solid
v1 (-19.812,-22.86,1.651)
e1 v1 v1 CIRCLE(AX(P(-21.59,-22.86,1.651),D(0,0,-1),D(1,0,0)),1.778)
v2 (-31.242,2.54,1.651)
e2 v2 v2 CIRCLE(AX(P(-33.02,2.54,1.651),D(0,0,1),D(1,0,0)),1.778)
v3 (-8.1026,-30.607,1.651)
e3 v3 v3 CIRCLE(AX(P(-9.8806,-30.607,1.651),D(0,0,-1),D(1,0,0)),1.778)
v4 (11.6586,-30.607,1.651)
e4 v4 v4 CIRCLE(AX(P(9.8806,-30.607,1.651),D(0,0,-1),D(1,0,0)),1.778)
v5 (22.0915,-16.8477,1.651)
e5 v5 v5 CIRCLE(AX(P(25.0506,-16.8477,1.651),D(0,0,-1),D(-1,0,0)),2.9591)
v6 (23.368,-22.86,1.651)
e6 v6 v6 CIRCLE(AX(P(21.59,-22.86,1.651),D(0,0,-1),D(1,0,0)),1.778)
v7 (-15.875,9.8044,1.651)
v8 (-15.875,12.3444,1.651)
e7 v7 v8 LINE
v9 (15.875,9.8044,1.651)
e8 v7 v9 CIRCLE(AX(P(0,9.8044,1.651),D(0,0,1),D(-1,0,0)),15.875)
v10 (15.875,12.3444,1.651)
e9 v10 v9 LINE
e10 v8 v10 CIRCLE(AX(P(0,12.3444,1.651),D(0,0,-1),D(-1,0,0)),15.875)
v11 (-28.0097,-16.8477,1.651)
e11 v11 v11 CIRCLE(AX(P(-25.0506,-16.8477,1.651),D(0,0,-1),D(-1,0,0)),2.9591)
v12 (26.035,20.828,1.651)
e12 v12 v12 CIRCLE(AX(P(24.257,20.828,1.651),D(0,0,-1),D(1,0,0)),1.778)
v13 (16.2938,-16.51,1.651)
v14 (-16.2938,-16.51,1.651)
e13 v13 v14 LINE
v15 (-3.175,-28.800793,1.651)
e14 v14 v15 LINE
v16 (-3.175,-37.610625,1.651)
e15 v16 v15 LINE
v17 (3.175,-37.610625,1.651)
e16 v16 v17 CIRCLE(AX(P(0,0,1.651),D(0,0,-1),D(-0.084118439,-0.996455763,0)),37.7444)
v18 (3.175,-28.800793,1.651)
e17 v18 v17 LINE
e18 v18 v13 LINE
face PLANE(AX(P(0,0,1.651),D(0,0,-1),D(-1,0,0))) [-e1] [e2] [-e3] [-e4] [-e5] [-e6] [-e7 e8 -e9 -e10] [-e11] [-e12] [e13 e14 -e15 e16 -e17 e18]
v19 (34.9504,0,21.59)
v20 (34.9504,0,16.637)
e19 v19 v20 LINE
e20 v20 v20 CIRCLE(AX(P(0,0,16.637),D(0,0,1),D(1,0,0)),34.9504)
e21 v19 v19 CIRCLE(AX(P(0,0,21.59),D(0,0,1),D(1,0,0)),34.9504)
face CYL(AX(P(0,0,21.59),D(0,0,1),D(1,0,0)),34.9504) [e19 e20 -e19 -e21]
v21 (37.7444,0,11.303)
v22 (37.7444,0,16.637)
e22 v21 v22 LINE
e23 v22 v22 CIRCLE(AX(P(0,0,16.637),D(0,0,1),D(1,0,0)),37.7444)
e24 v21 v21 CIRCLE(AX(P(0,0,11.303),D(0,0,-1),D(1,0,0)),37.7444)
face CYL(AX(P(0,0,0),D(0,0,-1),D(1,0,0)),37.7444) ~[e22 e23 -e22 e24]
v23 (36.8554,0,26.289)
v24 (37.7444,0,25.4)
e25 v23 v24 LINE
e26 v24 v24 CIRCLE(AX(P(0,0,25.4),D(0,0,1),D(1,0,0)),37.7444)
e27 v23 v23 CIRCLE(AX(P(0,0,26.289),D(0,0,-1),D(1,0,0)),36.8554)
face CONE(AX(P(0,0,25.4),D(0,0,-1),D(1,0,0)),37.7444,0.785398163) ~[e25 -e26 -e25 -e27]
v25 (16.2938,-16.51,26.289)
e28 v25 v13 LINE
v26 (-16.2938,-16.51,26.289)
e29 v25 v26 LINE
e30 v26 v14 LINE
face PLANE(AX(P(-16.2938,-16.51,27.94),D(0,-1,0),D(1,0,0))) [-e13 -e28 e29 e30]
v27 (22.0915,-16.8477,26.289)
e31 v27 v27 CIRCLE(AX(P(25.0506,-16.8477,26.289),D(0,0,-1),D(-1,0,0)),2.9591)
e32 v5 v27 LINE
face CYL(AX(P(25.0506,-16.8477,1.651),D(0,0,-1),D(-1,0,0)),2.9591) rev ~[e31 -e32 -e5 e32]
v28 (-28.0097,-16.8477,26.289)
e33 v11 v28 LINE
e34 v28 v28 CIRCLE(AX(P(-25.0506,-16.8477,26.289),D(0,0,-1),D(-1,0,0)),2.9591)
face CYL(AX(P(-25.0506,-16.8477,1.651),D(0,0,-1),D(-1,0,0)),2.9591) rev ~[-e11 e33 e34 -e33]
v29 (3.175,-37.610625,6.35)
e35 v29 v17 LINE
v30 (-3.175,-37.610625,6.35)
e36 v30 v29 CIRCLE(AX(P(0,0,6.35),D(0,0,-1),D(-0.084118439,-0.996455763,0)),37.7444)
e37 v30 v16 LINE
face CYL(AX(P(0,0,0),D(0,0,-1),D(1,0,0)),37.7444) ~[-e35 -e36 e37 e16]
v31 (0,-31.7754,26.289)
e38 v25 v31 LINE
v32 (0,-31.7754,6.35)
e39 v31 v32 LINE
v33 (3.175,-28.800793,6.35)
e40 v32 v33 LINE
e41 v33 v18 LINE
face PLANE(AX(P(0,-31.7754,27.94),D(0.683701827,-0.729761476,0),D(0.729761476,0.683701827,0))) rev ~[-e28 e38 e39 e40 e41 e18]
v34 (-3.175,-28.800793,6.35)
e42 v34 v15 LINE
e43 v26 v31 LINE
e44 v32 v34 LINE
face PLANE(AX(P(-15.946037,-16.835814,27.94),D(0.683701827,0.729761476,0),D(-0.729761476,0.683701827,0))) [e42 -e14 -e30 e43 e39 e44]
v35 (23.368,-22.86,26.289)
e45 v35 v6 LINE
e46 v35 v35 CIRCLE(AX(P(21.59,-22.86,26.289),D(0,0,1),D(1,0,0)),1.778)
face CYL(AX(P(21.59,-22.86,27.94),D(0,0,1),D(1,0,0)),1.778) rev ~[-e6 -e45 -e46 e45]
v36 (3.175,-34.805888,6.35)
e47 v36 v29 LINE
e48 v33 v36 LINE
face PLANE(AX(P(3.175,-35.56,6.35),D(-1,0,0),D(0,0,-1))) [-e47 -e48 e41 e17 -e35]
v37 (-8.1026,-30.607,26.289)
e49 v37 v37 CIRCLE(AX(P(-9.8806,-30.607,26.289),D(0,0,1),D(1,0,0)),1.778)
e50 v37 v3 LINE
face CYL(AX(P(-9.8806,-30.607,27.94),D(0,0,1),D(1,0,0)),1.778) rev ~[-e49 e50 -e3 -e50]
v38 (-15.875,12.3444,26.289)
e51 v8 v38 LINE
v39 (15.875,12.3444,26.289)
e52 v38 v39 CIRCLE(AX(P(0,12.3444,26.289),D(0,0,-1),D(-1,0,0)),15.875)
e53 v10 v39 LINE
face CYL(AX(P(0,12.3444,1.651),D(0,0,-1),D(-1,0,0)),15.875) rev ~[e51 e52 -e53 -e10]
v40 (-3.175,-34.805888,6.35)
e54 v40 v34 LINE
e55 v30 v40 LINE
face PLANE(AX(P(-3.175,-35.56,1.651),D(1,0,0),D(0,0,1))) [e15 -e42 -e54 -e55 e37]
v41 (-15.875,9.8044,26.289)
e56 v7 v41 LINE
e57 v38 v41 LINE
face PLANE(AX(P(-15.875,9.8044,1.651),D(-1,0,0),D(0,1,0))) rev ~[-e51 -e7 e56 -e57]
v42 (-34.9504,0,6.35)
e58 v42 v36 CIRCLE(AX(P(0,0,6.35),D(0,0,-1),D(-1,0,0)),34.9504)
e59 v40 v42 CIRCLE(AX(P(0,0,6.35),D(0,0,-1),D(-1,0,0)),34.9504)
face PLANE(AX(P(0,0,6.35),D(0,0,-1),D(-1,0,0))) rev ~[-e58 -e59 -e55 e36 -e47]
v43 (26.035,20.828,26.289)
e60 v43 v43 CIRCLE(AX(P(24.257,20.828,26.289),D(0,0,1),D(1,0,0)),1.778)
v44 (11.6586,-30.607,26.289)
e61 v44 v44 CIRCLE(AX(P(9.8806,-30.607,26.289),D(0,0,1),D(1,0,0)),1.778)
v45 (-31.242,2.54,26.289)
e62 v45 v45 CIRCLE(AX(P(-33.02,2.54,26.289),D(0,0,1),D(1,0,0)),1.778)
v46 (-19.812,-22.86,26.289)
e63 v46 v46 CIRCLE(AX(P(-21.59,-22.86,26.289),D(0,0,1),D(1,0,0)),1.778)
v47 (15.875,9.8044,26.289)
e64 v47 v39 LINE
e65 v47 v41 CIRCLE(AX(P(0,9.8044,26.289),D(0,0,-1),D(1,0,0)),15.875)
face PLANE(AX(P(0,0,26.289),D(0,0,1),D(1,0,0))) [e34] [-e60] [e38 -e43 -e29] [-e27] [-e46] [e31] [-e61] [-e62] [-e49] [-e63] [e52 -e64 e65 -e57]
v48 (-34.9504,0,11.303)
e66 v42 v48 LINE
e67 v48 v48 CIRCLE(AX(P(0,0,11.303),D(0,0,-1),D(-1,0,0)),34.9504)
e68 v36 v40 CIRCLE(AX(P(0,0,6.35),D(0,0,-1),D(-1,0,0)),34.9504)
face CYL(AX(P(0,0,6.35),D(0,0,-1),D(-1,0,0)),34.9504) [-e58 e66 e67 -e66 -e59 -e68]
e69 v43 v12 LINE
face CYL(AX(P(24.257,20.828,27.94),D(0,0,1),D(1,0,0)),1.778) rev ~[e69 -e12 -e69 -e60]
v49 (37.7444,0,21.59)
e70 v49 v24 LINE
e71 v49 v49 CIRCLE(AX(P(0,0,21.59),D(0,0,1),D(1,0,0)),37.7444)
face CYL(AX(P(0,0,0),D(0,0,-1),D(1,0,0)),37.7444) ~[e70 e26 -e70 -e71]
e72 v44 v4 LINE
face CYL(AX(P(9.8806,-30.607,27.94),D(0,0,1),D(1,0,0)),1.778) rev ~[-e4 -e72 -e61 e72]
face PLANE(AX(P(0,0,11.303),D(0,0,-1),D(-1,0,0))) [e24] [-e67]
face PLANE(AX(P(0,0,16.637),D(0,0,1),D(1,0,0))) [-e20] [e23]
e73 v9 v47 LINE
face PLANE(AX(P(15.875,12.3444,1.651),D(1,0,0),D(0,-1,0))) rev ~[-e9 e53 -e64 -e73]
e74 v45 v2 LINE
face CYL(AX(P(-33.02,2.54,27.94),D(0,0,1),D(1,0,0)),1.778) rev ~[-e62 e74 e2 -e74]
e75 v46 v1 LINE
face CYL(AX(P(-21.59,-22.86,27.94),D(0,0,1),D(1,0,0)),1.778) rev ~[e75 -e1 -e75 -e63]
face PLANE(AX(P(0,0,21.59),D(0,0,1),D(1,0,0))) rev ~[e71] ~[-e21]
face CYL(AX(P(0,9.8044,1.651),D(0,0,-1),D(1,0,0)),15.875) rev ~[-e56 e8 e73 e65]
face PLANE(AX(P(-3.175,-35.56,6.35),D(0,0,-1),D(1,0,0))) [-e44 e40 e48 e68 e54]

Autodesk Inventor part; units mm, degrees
sketch "Sketch1" plane through (0, 0, 0) normal (0, 0, 1) x (1, 0, 0)
  circle A0 centre (0, 0) radius 37.7444
  dimension "d0" = 75.4888
extrude "Extrusion1" add sketch "Sketch1" along normal blind 27.94
ref_plane "Work Plane1" through (0, 0, 21.59) normal (0, 0, 1) x (1, 0, 0)
sketch "Sketch2" plane through (0, 0, 21.59) normal (0, 0, 1) x (1, 0, 0)
  circle A0 centre (0, 0) radius 34.9504
  circle A1 centre (0, 0) radius 37.7444 projected
  dimension "d4" = 2.794
extrude "Extrusion2" cut sketch "Sketch2" against normal blind 4.953
ref_plane "Work Plane2" through (0, 0, 6.35) normal (0, 0, -1) x (-1, 0, 0)
sketch "Sketch3" plane through (0, 0, 6.35) normal (0, 0, -1) x (-1, 0, 0)
  circle A0 centre (0, 0) radius 34.9504
  circle A1 centre (0, 0) radius 37.7444 projected
  dimension "d8" = 2.794
extrude "Extrusion3" cut sketch "Sketch3" against normal blind 4.953
sketch "Sketch4" plane through (0, 0, 0) normal (0, 0, -1) x (-1, 0, 0)
  circle A0 centre (0, 0) radius 31.7754
  line L0 (-29.1271, -12.7) -> (29.1271, -12.7)
  line L1 (-19.685, -12.7) -> (-19.685, 24.9435)
  line L2 (19.685, -12.7) -> (19.685, 24.9435)
  line L3 (0, -52.8422) -> (0, 52.8422) projected
  circle A1 centre (0, 0) radius 37.7444 projected
  line L4 (52.8422, 0) -> (-52.8422, 0) projected
  dimension "d11" = 39.37
  dimension "d12" = 5.969
  dimension "d25" = 12.7
extrude "Extrusion4" [suppressed]
sketch "Sketch5" plane through (0, 0, 27.94) normal (0, 0, 1) x (1, 0, 0)
  circle A0 centre (24.257, 20.828) radius 1.778
  circle A1 centre (-21.59, -22.86) radius 1.778
  circle A2 centre (21.59, -22.86) radius 1.778
  line L0 (0, -52.8422) -> (0, 52.8422) projected
  line L1 (-52.8422, 0) -> (52.8422, 0) projected
  circle A3 centre (-33.02, 2.54) radius 1.778
  point P0 (0, 0)
  dimension "d16" = 3.556
  dimension "d17" = 3.556
  dimension "d18" = 3.556
  dimension "d19" = 20.828
  dimension "d20" = 24.257
  dimension "d21" = 22.86
  dimension "d22" = 21.59
  dimension "d64" = 3.556
  dimension "d65" = 2.54
  dimension "d66" = 33.02
extrude "Extrusion5" cut sketch "Sketch5" against normal through all
sketch "Sketch6" plane through (0, 0, 27.94) normal (0, 0, 1) x (1, 0, 0)
  circle A0 centre (21.59, -22.86) radius 1.778 projected
  circle A1 centre (24.257, 20.828) radius 1.778 projected
  circle A2 centre (-21.59, -22.86) radius 1.778 projected
  circle A3 centre (0, 0) radius 37.7444 projected
  circle A4 centre (-21.59, -22.86) radius 1.778 projected
  circle A5 centre (-21.59, -22.86) radius 8.255
  circle A6 centre (21.59, -22.86) radius 8.255
  line L0 (-16.3153, -16.51) -> (26.8647, -16.51)
  circle A7 centre (0, 0) radius 34.9504 projected
  circle A8 centre (0, 0) radius 31.7754
  line L1 (0, -31.7754) -> (-16.2938, -16.51)
  line L2 (0, -31.7754) -> (16.2938, -16.51)
  dimension "d26" = 16.51
  dimension "d27" = 16.51
extrude "Extrusion6" cut sketch "Sketch6" against normal through all contours L2 L1 L0
fillet "Fillet1" [suppressed]
chamfer "Chamfer1" distance 2.54 angle 45 1 edges at (-37.7444, 0, 27.94)
sketch "Sketch9" plane through (0, 0, 27.94) normal (0, 0, 1) x (1, 0, 0)
  circle A0 centre (-9.8806, -30.607) radius 1.778
  circle A1 centre (9.8806, -30.607) radius 1.778
  line L0 (-52.8422, 0) -> (52.8422, 0) projected
  line L1 (0, -52.8422) -> (0, 52.8422) projected
  line L2 (-14.9225, -28.448) -> (14.9225, -28.448)
  line L3 (14.9225, -28.448) -> (14.9225, -34.163)
  line L4 (14.9225, -34.163) -> (-14.9225, -34.163)
  line L5 (-14.9225, -34.163) -> (-14.9225, -28.448)
  point P0 (0, 0)
  dimension "d45" = 3.556
  dimension "d46" = 3.556
  dimension "d47" = 19.7612
  dimension "d48" = 29.845
  dimension "d49" = 5.715
  dimension "d50" = 3.556
  dimension "d51" = 34.163
extrude "Extrusion9" cut sketch "Sketch9" against normal through all contours A0 | A1
sketch "Sketch11" plane through (0, 0, 0) normal (0, 0, -1) x (-1, 0, 0)
  circle A0 centre (-9.8806, -30.607) radius 1.778 projected
  circle A1 centre (9.8806, -30.607) radius 1.778 projected
  line L0 (16.2938, -16.51) -> (0, -31.7754) projected
  line L1 (0, -31.7754) -> (-16.2938, -16.51) projected
  line L2 (-16.2938, -16.51) -> (16.2938, -16.51) projected
  circle A2 centre (-21.59, -22.86) radius 1.778 projected
  circle A3 centre (-24.257, 20.828) radius 1.778 projected
  circle A4 centre (21.59, -22.86) radius 1.778 projected
  circle A5 centre (0, 0) radius 37.7444 projected
extrude "Extrusion10" cut sketch "Sketch11" against normal blind 1.651
sketch "Sketch12" plane through (0, 0, 27.94) normal (0, 0, 1) x (1, 0, 0)
  circle A0 centre (9.8806, -30.607) radius 1.778 projected
  circle A1 centre (-9.8806, -30.607) radius 1.778 projected
  circle A2 centre (-21.59, -22.86) radius 1.778 projected
  circle A3 centre (24.257, 20.828) radius 1.778 projected
  circle A4 centre (21.59, -22.86) radius 1.778 projected
  line L0 (0, -31.7754) -> (-16.2938, -16.51) projected
  line L1 (-16.2938, -16.51) -> (16.2938, -16.51) projected
  line L2 (16.2938, -16.51) -> (0, -31.7754) projected
  circle A5 centre (0, 0) radius 35.2044 projected
  circle A6 centre (0, 0) radius 37.7444 projected
extrude "Extrusion11" cut sketch "Sketch12" against normal blind 1.651 contours A0 | A1 | A2 | A3 | A4 | L0 L1 L2 | A5 | A6
ref_plane "Work Plane4" through (-16.2938, -35.56, 1.651) normal (0, -1, 0) x (1, 0, 0)
sketch "Sketch13" plane through (-16.2938, -35.56, 1.651) normal (0, -1, 0) x (1, 0, 0)
  line L0 (16.2938, -7.239) -> (16.2938, 31.877) projected
  line L1 (-36.5483, -1.651) -> (69.136, -1.651) projected
  line L2 (8.1912, 24.638) -> (8.1912, 0) projected
  line L3 (54.0382, 0) -> (-21.4506, 0) projected
  line L4 (-21.4506, 4.699) -> (54.0382, 4.699) projected
  line L5 (39.6618, 24.638) -> (39.6618, 0) projected
  line L6 (51.2442, 4.699) -> (-18.6566, 4.699) projected
  line L7 (-2.049, 0) -> (34.6366, 0) projected
  line L8 (13.1188, 4.699) -> (19.4688, 4.699)
  line L9 (19.4688, 4.699) -> (19.4688, 0)
  line L10 (19.4688, 0) -> (13.1188, 0)
  line L11 (13.1188, 0) -> (13.1188, 4.699)
  point P0 (16.2938, -1.651)
  point P1 (13.1188, 0)
  point P2 (19.4688, 0)
  dimension "d61" = 6.35
extrude "Extrusion12" cut sketch "Sketch13" against normal mid plane 25.4 contours L3 L11 L4 L0 | L0 L4 L9 L3
sketch "Sketch14" plane through (0, 0, 1.651) normal (0, 0, -1) x (-1, 0, 0)
  circle A0 centre (-25.0506, -16.8477) radius 2.9591
  circle A1 centre (25.0506, -16.8477) radius 2.9591
  line L0 (52.8422, 0) -> (-52.8422, 0) projected
  line L1 (0, -52.8422) -> (0, 52.8422) projected
  arc A2 (3.175, -34.8059) -> (-3.175, -34.8059) centre (0, 0) ccw projected
  dimension "d67" = 5.9182
  dimension "d68" = 5.9182
extrude "Extrusion13" cut sketch "Sketch14" against normal through all contours A0 | A1
sketch "Sketch15" plane through (0, 0, 1.651) normal (0, 0, -1) x (-1, 0, 0)
  circle A0 centre (0, 11.0744) radius 15.875
  line L0 (0, 26.9494) -> (0, 37.7444)
  arc A1 (3.175, -37.6106) -> (-3.175, -37.6106) centre (0, 0) ccw projected
  dimension "d71" = 31.75
  dimension "d73" = 10.795
sketch "Sketch16" plane through (0, 0, 1.651) normal (0, 0, -1) x (-1, 0, 0)
  line L0 (0, 9.8044) -> (0, 12.3444) construction
  line L1 (15.875, 9.8044) -> (15.875, 12.3444)
  line L2 (-15.875, 12.3444) -> (-15.875, 9.8044)
  arc A0 (-15.875, 9.8044) -> (15.875, 9.8044) centre (0, 9.8044) ccw
  arc A1 (15.875, 12.3444) -> (-15.875, 12.3444) centre (0, 12.3444) ccw
  line L3 (0, -52.8422) -> (0, 52.8422) projected
  point P0 (0, 0)
  point P1 (0, 11.0744)
  dimension "d75" = 15.875
  dimension "d76" = 2.54
extrude "Extrusion14" cut sketch "Sketch16" against normal through all
properties part number "CameraFrontSupport"
